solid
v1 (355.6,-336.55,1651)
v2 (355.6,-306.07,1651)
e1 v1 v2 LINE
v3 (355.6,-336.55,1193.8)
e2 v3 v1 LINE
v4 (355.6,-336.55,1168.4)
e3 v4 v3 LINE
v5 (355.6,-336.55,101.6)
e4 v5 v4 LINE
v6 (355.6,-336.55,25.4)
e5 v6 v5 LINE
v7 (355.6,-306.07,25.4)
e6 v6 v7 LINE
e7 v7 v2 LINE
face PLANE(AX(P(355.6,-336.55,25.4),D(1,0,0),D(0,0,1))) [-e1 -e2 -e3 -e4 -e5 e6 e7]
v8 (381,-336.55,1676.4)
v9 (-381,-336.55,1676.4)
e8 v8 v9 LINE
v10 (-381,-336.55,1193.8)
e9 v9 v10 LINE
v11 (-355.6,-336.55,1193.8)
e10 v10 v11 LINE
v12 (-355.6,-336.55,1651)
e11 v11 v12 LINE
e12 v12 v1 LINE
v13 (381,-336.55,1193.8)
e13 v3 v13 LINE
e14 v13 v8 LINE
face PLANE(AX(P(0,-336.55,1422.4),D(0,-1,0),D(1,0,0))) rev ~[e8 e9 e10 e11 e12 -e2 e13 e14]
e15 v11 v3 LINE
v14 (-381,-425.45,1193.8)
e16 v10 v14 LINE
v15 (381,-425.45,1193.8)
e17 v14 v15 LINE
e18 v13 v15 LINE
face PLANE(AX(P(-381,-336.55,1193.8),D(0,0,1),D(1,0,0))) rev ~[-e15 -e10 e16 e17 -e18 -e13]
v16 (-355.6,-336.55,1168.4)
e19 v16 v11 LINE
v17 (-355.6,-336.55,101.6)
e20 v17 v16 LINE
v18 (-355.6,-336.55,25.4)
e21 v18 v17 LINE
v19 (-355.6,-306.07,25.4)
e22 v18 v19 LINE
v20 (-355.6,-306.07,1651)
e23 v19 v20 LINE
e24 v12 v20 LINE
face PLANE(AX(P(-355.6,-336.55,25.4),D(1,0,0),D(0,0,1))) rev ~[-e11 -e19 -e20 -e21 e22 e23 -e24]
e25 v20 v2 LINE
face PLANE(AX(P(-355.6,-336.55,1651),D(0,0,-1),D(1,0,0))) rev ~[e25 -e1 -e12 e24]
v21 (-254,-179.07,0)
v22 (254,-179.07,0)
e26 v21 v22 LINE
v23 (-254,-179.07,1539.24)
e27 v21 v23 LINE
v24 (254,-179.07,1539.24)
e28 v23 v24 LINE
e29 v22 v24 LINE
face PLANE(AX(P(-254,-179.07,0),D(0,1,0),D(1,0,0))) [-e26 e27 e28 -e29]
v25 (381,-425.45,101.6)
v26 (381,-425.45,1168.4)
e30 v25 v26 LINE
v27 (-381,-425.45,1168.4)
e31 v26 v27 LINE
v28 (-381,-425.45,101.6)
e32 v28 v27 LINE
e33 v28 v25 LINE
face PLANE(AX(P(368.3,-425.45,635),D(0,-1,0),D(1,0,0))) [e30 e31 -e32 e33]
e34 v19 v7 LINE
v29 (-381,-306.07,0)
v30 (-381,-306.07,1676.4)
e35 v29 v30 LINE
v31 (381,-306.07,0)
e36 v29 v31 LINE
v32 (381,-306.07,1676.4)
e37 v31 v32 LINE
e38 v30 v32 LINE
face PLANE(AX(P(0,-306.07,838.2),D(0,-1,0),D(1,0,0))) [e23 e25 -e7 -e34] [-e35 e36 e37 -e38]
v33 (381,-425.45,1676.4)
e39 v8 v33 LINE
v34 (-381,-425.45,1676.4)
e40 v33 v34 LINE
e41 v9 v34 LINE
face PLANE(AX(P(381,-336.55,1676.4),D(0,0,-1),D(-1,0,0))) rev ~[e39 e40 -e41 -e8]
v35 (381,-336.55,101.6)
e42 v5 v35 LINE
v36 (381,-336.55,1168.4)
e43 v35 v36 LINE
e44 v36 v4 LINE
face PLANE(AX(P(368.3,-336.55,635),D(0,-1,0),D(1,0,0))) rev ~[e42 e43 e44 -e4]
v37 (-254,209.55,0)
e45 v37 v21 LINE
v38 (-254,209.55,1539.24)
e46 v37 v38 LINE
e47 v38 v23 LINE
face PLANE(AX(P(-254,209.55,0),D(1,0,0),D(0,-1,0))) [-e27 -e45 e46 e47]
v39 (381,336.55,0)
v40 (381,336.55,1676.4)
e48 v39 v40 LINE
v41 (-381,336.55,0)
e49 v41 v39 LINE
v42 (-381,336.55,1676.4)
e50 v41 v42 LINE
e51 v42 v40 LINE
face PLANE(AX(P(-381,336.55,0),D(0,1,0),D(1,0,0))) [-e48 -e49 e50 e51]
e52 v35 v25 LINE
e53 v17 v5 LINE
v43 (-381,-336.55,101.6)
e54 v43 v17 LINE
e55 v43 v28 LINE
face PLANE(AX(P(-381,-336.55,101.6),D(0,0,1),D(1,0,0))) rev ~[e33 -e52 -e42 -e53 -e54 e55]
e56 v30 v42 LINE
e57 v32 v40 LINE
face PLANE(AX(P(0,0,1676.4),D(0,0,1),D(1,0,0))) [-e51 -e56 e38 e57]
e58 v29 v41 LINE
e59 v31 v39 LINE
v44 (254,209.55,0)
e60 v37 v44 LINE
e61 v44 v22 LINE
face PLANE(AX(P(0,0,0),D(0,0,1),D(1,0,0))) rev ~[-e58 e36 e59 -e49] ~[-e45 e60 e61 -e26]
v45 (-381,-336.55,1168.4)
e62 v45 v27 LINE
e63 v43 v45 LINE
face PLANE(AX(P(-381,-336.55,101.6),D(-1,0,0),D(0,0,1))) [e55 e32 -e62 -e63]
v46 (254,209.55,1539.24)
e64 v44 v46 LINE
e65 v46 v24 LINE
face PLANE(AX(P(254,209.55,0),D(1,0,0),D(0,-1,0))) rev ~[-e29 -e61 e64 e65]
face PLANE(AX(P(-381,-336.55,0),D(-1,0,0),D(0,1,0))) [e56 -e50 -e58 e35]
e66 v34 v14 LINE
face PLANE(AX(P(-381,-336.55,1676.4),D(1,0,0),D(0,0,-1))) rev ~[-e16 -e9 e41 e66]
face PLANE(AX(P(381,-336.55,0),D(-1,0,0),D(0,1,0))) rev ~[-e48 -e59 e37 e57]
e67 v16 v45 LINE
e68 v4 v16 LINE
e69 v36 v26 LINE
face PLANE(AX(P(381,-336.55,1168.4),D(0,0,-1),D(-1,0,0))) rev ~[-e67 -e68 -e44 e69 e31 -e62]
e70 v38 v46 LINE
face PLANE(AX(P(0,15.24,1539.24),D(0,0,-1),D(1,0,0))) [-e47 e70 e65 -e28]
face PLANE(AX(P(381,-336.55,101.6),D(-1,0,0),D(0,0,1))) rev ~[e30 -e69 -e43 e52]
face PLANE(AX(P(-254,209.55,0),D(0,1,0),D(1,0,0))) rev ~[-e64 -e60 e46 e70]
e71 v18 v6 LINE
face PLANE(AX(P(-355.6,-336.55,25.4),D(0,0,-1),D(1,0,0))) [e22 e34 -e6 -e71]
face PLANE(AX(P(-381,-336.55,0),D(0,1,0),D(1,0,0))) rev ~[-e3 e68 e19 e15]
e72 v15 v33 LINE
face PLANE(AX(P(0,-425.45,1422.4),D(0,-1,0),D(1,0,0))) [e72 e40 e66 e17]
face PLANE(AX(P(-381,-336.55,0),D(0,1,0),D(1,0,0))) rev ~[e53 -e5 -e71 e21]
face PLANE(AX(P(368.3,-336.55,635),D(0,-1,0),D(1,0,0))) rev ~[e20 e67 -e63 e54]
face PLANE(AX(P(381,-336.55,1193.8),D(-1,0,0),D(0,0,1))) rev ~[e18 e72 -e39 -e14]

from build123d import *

# Parameters (mm, degrees)
F0_W     = 762
F0_H     = 673.1
F1_DEPTH = 1676.4
F2_W     = 762
F2_H     = 1676.4
F2_W_2   = 711.2
F2_H_2   = 1625.6
F3_DEPTH = 30.48
F4_W     = 711.2
F4_H     = 457.2
F4_W_2   = 25.4
F4_H_2   = 1066.8
F5_DEPTH = 88.9
F6_W     = 508
F6_H     = 388.62
F7_DEPTH = 1539.24


with BuildPart() as f1:
    # F0 (on Top) → F1 (new body)
    with BuildSketch(Plane.XY):
        Rectangle(F0_W, F0_H)
    extrude(amount=F1_DEPTH)

    # F2 (on face) → F3 (cut)
    with BuildSketch(Plane.XZ.offset(336.55)):
        with Locations((0, 838.2)):
            Rectangle(F2_W, F2_H)
        with Locations((0, 838.2)):
            Rectangle(F2_W_2, F2_H_2, mode=Mode.SUBTRACT)
    extrude(amount=-F3_DEPTH, mode=Mode.SUBTRACT)

    # F4 (on face) → F5 (join)
    with BuildSketch(Plane.XZ.offset(336.55)):
        with Locations((0, 1422.4)):
            Rectangle(F4_W, F4_H)
        Polygon((381, 1676.4), (-381, 1676.4), (-381, 1193.8), (-355.6, 1193.8), (-355.6, 1651), (355.6, 1651), (355.6, 1193.8), (381, 1193.8), align=None)
        with Locations((368.3, 635)):
            Rectangle(F4_W_2, F4_H_2)
        with Locations((0, 635)):
            Rectangle(F4_W, F4_H_2)
        with Locations((-368.3, 635)):
            Rectangle(F4_W_2, F4_H_2)
    extrude(amount=F5_DEPTH)

    # F6 (on face) → F7 (cut)
    with BuildSketch(Plane(origin=(0, 0, 0), x_dir=(1, 0, 0), z_dir=(0, 0, -1))):
        with Locations((0, -15.24)):
            Rectangle(F6_W, F6_H)
    extrude(amount=-F7_DEPTH, mode=Mode.SUBTRACT)


solid = f1.part
